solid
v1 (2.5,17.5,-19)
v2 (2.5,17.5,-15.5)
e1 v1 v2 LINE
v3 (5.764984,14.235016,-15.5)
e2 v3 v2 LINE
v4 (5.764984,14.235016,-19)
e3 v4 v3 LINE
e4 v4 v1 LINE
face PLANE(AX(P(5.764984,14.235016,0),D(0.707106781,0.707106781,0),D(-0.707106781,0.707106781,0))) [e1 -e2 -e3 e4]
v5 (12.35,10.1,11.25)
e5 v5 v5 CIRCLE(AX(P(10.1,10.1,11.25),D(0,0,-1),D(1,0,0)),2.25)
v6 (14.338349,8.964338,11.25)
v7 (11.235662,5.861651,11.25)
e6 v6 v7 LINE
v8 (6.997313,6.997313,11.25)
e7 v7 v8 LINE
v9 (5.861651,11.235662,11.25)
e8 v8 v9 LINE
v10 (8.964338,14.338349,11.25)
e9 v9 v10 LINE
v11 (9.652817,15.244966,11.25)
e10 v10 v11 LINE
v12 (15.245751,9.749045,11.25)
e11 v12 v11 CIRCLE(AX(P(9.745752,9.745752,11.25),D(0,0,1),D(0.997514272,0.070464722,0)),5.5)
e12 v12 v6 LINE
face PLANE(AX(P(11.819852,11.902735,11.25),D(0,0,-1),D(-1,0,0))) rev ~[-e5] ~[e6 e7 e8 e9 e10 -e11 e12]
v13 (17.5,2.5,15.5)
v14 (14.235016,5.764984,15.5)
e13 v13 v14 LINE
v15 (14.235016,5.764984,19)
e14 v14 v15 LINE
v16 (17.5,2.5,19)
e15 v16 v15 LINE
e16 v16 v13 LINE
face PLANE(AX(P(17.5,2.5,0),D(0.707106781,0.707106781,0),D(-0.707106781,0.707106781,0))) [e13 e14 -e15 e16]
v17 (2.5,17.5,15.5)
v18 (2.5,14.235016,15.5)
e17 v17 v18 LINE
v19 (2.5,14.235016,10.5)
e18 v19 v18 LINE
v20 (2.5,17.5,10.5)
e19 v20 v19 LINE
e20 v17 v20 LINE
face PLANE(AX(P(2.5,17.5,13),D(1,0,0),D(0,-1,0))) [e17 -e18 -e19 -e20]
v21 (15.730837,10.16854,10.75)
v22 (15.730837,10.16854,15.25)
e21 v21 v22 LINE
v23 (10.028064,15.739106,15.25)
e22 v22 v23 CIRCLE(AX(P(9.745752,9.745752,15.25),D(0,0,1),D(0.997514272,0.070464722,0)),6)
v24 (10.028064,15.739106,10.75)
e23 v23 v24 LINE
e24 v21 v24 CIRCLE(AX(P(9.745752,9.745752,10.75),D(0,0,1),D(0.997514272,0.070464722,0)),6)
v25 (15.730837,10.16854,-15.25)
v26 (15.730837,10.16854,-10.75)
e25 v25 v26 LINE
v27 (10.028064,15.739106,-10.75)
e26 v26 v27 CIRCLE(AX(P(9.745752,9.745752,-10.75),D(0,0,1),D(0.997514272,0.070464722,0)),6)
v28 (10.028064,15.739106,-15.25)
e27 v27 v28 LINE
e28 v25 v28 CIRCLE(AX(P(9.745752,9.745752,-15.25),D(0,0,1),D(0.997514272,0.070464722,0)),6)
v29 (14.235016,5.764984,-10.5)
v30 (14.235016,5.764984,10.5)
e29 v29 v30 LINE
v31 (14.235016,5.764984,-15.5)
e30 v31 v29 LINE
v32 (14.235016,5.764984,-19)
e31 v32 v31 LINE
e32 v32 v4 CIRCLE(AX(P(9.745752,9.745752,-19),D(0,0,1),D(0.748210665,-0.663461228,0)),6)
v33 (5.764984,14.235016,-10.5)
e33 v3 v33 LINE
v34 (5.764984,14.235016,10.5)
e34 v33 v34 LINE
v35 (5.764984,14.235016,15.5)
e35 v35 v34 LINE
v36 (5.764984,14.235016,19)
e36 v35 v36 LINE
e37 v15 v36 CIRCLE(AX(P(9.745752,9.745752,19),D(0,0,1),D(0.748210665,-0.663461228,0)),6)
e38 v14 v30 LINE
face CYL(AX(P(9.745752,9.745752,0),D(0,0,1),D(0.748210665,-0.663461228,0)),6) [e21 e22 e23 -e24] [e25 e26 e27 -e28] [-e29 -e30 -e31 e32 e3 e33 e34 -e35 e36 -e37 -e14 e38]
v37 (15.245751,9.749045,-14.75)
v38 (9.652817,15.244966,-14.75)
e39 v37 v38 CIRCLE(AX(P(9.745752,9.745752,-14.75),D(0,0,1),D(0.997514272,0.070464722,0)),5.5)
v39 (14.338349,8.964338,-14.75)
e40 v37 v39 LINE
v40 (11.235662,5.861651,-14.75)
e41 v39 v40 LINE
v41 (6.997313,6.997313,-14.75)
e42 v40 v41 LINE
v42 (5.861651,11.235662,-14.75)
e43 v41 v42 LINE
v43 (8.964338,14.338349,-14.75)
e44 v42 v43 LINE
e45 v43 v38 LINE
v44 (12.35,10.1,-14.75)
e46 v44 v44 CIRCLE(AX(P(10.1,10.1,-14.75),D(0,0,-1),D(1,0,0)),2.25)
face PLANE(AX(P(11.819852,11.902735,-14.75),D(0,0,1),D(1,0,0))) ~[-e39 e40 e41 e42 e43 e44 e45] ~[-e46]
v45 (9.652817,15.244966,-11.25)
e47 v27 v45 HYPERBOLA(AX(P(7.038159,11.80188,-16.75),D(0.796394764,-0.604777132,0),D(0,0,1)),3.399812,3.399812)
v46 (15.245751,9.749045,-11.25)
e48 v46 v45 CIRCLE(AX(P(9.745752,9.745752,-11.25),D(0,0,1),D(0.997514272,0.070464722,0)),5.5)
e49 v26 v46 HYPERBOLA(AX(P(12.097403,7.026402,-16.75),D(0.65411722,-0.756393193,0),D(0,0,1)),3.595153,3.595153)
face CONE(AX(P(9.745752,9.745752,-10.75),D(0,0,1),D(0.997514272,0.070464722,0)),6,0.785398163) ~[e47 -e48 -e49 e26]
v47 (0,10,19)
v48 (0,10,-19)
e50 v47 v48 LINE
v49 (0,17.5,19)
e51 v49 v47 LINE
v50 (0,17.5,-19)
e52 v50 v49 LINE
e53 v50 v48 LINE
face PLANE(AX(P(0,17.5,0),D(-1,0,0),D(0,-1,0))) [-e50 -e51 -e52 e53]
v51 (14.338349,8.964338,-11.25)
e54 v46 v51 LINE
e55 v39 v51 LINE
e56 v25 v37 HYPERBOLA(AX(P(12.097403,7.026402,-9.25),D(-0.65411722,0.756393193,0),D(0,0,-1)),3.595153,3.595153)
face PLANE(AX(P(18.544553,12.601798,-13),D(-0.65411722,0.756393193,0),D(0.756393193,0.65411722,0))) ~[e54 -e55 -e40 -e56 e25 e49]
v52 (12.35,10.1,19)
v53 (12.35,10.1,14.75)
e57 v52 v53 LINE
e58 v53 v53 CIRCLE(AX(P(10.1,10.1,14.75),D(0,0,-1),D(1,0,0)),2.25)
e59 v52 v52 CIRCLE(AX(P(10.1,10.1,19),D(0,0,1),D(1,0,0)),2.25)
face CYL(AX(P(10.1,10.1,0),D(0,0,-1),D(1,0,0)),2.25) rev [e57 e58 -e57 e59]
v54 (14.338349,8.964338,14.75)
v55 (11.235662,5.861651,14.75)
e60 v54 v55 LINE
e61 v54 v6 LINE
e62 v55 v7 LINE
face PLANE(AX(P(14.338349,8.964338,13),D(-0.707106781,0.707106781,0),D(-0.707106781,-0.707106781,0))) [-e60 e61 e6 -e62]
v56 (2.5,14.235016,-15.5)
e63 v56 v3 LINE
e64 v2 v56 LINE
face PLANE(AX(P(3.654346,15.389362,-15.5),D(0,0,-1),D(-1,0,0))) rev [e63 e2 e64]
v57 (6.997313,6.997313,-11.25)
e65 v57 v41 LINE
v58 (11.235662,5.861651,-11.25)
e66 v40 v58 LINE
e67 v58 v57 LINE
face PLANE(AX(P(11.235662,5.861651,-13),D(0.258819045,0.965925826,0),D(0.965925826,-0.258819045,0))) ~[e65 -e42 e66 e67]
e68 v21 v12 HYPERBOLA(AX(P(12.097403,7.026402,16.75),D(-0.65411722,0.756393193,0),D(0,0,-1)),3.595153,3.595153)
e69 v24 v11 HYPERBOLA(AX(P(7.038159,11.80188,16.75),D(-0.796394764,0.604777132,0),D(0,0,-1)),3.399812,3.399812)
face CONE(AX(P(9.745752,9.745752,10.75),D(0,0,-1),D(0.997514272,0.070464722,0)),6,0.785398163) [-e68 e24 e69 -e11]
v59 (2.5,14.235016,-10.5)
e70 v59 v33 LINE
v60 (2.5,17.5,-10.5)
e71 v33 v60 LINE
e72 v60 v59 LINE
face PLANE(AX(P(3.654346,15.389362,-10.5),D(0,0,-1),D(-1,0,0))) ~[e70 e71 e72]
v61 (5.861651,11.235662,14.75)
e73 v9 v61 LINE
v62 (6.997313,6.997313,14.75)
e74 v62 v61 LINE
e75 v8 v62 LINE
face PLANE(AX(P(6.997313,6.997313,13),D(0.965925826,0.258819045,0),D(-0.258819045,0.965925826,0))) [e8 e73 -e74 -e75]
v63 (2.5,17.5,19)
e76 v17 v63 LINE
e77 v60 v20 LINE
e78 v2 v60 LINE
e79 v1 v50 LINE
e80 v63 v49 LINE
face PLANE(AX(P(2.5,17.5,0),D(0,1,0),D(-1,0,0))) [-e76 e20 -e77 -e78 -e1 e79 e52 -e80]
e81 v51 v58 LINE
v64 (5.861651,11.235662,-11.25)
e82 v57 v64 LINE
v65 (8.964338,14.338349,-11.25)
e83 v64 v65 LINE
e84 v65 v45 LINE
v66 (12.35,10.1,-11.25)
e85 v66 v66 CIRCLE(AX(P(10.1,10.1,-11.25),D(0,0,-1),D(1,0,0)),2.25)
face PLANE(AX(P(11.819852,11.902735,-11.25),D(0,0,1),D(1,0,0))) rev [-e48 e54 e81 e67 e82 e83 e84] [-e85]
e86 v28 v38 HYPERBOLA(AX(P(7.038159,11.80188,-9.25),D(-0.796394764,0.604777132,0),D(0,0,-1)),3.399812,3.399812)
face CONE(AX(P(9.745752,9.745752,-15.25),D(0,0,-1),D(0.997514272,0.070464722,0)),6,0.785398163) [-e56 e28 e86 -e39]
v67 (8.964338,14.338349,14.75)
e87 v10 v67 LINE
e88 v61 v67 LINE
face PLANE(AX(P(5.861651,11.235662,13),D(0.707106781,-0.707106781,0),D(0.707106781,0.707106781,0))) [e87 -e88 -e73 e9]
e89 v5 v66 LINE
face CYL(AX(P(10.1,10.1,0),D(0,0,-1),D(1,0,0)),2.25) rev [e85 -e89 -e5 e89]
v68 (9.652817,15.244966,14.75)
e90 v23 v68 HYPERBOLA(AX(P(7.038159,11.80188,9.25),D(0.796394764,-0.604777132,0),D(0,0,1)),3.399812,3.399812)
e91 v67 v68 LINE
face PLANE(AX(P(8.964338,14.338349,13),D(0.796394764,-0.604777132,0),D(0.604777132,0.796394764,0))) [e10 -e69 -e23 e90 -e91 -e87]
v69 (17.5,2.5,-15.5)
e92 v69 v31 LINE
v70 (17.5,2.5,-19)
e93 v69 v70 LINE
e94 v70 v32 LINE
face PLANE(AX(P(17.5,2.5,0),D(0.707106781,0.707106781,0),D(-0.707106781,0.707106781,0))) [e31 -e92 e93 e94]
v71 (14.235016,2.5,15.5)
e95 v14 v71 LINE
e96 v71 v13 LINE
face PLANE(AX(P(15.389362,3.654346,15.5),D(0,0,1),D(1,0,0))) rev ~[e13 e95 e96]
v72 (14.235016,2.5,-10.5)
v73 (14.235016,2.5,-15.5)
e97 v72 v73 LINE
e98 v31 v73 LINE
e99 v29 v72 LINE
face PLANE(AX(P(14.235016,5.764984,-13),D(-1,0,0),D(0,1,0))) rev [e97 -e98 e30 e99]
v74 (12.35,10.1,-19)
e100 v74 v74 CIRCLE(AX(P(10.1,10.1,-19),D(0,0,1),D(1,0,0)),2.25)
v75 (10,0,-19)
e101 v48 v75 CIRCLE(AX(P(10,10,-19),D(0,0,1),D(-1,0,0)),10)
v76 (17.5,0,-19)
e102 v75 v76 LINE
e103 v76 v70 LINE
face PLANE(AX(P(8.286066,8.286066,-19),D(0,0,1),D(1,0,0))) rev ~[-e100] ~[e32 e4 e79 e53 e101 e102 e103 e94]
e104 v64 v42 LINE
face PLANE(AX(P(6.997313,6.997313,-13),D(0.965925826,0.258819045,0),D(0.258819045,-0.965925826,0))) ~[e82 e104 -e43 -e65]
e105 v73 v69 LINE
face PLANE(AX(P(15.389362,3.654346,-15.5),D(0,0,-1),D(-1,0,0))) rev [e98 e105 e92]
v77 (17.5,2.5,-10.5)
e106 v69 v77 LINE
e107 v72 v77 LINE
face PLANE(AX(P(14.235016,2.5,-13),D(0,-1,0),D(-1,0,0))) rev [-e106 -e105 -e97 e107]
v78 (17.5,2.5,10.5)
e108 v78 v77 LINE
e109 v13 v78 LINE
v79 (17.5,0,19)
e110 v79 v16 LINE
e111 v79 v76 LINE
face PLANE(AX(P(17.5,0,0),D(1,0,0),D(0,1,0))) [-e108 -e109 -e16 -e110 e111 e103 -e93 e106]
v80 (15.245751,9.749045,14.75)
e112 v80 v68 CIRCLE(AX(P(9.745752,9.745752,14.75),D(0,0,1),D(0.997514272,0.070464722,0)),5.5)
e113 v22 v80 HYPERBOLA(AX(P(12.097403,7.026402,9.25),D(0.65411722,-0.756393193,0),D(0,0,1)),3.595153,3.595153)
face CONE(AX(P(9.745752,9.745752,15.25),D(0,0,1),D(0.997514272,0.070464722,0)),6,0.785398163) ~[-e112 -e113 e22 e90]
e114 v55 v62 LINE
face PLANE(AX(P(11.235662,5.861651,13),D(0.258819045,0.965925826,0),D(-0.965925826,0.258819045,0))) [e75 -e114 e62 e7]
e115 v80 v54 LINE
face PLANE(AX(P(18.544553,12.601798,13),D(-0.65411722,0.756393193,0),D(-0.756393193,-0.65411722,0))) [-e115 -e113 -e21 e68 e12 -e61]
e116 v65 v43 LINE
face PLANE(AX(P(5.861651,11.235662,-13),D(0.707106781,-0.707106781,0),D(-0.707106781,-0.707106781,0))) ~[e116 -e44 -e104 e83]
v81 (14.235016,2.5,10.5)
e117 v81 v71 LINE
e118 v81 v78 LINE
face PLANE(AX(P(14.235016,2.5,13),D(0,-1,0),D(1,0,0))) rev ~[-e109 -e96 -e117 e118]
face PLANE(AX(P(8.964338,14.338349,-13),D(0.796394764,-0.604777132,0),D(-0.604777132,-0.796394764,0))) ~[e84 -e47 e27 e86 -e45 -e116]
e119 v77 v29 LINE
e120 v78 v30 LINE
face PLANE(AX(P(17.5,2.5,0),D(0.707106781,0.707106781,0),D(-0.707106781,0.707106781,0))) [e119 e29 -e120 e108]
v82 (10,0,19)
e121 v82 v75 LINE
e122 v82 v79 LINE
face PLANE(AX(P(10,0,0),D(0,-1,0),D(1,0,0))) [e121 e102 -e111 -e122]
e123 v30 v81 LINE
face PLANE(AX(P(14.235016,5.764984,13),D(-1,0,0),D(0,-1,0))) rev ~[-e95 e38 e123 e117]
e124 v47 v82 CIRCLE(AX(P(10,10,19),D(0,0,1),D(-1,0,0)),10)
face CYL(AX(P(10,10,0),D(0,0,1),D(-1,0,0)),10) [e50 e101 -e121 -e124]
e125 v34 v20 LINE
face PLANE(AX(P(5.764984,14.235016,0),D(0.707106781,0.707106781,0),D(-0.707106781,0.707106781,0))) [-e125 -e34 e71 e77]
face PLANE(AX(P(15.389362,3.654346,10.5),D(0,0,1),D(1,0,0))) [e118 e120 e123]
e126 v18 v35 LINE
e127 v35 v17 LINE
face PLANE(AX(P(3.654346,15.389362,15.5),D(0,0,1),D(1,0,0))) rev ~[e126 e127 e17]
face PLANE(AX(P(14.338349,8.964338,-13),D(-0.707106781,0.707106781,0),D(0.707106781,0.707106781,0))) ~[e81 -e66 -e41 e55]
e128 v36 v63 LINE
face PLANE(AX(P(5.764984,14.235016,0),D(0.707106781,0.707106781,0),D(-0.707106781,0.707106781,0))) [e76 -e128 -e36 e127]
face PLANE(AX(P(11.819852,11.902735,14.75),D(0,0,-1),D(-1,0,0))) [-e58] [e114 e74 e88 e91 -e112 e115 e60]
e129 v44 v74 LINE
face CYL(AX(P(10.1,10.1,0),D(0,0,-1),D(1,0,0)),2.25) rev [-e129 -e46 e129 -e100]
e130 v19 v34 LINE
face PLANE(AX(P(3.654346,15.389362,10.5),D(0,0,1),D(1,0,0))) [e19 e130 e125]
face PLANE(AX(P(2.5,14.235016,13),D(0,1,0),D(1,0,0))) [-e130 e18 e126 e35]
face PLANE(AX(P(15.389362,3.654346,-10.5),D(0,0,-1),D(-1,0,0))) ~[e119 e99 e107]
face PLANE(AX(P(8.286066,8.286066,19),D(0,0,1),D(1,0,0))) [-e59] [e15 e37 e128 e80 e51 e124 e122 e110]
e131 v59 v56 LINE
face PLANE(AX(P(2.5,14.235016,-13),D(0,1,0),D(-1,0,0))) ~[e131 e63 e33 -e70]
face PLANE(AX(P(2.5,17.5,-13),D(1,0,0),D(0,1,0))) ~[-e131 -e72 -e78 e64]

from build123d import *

# Parameters (mm, degrees)
SKETCH1_R                = 2.25
CORNER_DEPTH             = 19
NUT_START                = -6
NUT_DEPTH                = 1.75
CHAMFER1_SIZE            = 0.5
CUT_EXTRUDE1_START       = -6
CUT_EXTRUDE1_DEPTH       = 2.5
CHAMFER1_OF_MIRROR1_SIZE = 0.5


with BuildPart() as part:
    # Sketch1 → corner (new, symmetric)
    with BuildSketch(Plane.XY):
        with BuildLine():
            Line((17.5, 2.5), (14.235015678, 5.764984322))
            ThreePointArc((14.235015678, 5.764984322), (13.988392374, 13.988392374), (5.764984322, 14.235015678))
            Line((5.764984322, 14.235015678), (2.5, 17.5))
            Line((2.5, 17.5), (0, 17.5))
            Line((0, 17.5), (0, 10))
            ThreePointArc((0, 10), (2.928932188, 2.928932188), (10, 0))
            Line((10, 0), (17.5, 0))
            Line((17.5, 0), (17.5, 2.5))
        make_face()
        with Locations((10.1, 10.1)):
            Circle(SKETCH1_R, mode=Mode.SUBTRACT)
    extrude(amount=CORNER_DEPTH, both=True)

    # Sketch4 → nut (cut, symmetric)
    with BuildSketch(Plane.XY.offset(19).offset(NUT_START)):
        Polygon((8.964337735, 14.338349272), (12.289329799, 18.716832073), (18.544552679, 12.601797863), (14.338349272, 8.964337735), (11.235662265, 5.861650728), (6.997312992, 6.997312992), (5.861650728, 11.235662265), align=None)
    nut = extrude(amount=NUT_DEPTH, both=True, mode=Mode.SUBTRACT)

    # Chamfer1
    chamfer1_edges = [part.edges().sort_by_distance(p)[0] for p in [
        (13.938348825, 14.037852483, 14.75),
        (13.938348825, 14.037852483, 11.25),
    ]]
    chamfer(chamfer1_edges, length=CHAMFER1_SIZE)

    # Sketch6 → Cut-Extrude1 (cut, symmetric)
    with BuildSketch(Plane.XY.offset(19).offset(CUT_EXTRUDE1_START)):
        Polygon((2.5, 17.5), (2.5, 14.235015678), (5.764984322, 14.235015678), align=None)
        Polygon((14.235015678, 5.764984322), (14.235015678, 2.5), (17.5, 2.5), align=None)
    cut_extrude1 = extrude(amount=CUT_EXTRUDE1_DEPTH, both=True, mode=Mode.SUBTRACT)

    # Mirror1: nut, Cut-Extrude1 across plane
    add(nut.mirror(Plane.XY), mode=Mode.SUBTRACT)
    add(cut_extrude1.mirror(Plane.XY), mode=Mode.SUBTRACT)

    # Chamfer1 of Mirror1
    chamfer1_of_mirror1_edges = [part.edges().sort_by_distance(p)[0] for p in [
        (13.938348825, 14.037852483, -14.75),
        (13.938348825, 14.037852483, -11.25),
    ]]
    chamfer(chamfer1_of_mirror1_edges, length=CHAMFER1_OF_MIRROR1_SIZE)


solid = part.part
